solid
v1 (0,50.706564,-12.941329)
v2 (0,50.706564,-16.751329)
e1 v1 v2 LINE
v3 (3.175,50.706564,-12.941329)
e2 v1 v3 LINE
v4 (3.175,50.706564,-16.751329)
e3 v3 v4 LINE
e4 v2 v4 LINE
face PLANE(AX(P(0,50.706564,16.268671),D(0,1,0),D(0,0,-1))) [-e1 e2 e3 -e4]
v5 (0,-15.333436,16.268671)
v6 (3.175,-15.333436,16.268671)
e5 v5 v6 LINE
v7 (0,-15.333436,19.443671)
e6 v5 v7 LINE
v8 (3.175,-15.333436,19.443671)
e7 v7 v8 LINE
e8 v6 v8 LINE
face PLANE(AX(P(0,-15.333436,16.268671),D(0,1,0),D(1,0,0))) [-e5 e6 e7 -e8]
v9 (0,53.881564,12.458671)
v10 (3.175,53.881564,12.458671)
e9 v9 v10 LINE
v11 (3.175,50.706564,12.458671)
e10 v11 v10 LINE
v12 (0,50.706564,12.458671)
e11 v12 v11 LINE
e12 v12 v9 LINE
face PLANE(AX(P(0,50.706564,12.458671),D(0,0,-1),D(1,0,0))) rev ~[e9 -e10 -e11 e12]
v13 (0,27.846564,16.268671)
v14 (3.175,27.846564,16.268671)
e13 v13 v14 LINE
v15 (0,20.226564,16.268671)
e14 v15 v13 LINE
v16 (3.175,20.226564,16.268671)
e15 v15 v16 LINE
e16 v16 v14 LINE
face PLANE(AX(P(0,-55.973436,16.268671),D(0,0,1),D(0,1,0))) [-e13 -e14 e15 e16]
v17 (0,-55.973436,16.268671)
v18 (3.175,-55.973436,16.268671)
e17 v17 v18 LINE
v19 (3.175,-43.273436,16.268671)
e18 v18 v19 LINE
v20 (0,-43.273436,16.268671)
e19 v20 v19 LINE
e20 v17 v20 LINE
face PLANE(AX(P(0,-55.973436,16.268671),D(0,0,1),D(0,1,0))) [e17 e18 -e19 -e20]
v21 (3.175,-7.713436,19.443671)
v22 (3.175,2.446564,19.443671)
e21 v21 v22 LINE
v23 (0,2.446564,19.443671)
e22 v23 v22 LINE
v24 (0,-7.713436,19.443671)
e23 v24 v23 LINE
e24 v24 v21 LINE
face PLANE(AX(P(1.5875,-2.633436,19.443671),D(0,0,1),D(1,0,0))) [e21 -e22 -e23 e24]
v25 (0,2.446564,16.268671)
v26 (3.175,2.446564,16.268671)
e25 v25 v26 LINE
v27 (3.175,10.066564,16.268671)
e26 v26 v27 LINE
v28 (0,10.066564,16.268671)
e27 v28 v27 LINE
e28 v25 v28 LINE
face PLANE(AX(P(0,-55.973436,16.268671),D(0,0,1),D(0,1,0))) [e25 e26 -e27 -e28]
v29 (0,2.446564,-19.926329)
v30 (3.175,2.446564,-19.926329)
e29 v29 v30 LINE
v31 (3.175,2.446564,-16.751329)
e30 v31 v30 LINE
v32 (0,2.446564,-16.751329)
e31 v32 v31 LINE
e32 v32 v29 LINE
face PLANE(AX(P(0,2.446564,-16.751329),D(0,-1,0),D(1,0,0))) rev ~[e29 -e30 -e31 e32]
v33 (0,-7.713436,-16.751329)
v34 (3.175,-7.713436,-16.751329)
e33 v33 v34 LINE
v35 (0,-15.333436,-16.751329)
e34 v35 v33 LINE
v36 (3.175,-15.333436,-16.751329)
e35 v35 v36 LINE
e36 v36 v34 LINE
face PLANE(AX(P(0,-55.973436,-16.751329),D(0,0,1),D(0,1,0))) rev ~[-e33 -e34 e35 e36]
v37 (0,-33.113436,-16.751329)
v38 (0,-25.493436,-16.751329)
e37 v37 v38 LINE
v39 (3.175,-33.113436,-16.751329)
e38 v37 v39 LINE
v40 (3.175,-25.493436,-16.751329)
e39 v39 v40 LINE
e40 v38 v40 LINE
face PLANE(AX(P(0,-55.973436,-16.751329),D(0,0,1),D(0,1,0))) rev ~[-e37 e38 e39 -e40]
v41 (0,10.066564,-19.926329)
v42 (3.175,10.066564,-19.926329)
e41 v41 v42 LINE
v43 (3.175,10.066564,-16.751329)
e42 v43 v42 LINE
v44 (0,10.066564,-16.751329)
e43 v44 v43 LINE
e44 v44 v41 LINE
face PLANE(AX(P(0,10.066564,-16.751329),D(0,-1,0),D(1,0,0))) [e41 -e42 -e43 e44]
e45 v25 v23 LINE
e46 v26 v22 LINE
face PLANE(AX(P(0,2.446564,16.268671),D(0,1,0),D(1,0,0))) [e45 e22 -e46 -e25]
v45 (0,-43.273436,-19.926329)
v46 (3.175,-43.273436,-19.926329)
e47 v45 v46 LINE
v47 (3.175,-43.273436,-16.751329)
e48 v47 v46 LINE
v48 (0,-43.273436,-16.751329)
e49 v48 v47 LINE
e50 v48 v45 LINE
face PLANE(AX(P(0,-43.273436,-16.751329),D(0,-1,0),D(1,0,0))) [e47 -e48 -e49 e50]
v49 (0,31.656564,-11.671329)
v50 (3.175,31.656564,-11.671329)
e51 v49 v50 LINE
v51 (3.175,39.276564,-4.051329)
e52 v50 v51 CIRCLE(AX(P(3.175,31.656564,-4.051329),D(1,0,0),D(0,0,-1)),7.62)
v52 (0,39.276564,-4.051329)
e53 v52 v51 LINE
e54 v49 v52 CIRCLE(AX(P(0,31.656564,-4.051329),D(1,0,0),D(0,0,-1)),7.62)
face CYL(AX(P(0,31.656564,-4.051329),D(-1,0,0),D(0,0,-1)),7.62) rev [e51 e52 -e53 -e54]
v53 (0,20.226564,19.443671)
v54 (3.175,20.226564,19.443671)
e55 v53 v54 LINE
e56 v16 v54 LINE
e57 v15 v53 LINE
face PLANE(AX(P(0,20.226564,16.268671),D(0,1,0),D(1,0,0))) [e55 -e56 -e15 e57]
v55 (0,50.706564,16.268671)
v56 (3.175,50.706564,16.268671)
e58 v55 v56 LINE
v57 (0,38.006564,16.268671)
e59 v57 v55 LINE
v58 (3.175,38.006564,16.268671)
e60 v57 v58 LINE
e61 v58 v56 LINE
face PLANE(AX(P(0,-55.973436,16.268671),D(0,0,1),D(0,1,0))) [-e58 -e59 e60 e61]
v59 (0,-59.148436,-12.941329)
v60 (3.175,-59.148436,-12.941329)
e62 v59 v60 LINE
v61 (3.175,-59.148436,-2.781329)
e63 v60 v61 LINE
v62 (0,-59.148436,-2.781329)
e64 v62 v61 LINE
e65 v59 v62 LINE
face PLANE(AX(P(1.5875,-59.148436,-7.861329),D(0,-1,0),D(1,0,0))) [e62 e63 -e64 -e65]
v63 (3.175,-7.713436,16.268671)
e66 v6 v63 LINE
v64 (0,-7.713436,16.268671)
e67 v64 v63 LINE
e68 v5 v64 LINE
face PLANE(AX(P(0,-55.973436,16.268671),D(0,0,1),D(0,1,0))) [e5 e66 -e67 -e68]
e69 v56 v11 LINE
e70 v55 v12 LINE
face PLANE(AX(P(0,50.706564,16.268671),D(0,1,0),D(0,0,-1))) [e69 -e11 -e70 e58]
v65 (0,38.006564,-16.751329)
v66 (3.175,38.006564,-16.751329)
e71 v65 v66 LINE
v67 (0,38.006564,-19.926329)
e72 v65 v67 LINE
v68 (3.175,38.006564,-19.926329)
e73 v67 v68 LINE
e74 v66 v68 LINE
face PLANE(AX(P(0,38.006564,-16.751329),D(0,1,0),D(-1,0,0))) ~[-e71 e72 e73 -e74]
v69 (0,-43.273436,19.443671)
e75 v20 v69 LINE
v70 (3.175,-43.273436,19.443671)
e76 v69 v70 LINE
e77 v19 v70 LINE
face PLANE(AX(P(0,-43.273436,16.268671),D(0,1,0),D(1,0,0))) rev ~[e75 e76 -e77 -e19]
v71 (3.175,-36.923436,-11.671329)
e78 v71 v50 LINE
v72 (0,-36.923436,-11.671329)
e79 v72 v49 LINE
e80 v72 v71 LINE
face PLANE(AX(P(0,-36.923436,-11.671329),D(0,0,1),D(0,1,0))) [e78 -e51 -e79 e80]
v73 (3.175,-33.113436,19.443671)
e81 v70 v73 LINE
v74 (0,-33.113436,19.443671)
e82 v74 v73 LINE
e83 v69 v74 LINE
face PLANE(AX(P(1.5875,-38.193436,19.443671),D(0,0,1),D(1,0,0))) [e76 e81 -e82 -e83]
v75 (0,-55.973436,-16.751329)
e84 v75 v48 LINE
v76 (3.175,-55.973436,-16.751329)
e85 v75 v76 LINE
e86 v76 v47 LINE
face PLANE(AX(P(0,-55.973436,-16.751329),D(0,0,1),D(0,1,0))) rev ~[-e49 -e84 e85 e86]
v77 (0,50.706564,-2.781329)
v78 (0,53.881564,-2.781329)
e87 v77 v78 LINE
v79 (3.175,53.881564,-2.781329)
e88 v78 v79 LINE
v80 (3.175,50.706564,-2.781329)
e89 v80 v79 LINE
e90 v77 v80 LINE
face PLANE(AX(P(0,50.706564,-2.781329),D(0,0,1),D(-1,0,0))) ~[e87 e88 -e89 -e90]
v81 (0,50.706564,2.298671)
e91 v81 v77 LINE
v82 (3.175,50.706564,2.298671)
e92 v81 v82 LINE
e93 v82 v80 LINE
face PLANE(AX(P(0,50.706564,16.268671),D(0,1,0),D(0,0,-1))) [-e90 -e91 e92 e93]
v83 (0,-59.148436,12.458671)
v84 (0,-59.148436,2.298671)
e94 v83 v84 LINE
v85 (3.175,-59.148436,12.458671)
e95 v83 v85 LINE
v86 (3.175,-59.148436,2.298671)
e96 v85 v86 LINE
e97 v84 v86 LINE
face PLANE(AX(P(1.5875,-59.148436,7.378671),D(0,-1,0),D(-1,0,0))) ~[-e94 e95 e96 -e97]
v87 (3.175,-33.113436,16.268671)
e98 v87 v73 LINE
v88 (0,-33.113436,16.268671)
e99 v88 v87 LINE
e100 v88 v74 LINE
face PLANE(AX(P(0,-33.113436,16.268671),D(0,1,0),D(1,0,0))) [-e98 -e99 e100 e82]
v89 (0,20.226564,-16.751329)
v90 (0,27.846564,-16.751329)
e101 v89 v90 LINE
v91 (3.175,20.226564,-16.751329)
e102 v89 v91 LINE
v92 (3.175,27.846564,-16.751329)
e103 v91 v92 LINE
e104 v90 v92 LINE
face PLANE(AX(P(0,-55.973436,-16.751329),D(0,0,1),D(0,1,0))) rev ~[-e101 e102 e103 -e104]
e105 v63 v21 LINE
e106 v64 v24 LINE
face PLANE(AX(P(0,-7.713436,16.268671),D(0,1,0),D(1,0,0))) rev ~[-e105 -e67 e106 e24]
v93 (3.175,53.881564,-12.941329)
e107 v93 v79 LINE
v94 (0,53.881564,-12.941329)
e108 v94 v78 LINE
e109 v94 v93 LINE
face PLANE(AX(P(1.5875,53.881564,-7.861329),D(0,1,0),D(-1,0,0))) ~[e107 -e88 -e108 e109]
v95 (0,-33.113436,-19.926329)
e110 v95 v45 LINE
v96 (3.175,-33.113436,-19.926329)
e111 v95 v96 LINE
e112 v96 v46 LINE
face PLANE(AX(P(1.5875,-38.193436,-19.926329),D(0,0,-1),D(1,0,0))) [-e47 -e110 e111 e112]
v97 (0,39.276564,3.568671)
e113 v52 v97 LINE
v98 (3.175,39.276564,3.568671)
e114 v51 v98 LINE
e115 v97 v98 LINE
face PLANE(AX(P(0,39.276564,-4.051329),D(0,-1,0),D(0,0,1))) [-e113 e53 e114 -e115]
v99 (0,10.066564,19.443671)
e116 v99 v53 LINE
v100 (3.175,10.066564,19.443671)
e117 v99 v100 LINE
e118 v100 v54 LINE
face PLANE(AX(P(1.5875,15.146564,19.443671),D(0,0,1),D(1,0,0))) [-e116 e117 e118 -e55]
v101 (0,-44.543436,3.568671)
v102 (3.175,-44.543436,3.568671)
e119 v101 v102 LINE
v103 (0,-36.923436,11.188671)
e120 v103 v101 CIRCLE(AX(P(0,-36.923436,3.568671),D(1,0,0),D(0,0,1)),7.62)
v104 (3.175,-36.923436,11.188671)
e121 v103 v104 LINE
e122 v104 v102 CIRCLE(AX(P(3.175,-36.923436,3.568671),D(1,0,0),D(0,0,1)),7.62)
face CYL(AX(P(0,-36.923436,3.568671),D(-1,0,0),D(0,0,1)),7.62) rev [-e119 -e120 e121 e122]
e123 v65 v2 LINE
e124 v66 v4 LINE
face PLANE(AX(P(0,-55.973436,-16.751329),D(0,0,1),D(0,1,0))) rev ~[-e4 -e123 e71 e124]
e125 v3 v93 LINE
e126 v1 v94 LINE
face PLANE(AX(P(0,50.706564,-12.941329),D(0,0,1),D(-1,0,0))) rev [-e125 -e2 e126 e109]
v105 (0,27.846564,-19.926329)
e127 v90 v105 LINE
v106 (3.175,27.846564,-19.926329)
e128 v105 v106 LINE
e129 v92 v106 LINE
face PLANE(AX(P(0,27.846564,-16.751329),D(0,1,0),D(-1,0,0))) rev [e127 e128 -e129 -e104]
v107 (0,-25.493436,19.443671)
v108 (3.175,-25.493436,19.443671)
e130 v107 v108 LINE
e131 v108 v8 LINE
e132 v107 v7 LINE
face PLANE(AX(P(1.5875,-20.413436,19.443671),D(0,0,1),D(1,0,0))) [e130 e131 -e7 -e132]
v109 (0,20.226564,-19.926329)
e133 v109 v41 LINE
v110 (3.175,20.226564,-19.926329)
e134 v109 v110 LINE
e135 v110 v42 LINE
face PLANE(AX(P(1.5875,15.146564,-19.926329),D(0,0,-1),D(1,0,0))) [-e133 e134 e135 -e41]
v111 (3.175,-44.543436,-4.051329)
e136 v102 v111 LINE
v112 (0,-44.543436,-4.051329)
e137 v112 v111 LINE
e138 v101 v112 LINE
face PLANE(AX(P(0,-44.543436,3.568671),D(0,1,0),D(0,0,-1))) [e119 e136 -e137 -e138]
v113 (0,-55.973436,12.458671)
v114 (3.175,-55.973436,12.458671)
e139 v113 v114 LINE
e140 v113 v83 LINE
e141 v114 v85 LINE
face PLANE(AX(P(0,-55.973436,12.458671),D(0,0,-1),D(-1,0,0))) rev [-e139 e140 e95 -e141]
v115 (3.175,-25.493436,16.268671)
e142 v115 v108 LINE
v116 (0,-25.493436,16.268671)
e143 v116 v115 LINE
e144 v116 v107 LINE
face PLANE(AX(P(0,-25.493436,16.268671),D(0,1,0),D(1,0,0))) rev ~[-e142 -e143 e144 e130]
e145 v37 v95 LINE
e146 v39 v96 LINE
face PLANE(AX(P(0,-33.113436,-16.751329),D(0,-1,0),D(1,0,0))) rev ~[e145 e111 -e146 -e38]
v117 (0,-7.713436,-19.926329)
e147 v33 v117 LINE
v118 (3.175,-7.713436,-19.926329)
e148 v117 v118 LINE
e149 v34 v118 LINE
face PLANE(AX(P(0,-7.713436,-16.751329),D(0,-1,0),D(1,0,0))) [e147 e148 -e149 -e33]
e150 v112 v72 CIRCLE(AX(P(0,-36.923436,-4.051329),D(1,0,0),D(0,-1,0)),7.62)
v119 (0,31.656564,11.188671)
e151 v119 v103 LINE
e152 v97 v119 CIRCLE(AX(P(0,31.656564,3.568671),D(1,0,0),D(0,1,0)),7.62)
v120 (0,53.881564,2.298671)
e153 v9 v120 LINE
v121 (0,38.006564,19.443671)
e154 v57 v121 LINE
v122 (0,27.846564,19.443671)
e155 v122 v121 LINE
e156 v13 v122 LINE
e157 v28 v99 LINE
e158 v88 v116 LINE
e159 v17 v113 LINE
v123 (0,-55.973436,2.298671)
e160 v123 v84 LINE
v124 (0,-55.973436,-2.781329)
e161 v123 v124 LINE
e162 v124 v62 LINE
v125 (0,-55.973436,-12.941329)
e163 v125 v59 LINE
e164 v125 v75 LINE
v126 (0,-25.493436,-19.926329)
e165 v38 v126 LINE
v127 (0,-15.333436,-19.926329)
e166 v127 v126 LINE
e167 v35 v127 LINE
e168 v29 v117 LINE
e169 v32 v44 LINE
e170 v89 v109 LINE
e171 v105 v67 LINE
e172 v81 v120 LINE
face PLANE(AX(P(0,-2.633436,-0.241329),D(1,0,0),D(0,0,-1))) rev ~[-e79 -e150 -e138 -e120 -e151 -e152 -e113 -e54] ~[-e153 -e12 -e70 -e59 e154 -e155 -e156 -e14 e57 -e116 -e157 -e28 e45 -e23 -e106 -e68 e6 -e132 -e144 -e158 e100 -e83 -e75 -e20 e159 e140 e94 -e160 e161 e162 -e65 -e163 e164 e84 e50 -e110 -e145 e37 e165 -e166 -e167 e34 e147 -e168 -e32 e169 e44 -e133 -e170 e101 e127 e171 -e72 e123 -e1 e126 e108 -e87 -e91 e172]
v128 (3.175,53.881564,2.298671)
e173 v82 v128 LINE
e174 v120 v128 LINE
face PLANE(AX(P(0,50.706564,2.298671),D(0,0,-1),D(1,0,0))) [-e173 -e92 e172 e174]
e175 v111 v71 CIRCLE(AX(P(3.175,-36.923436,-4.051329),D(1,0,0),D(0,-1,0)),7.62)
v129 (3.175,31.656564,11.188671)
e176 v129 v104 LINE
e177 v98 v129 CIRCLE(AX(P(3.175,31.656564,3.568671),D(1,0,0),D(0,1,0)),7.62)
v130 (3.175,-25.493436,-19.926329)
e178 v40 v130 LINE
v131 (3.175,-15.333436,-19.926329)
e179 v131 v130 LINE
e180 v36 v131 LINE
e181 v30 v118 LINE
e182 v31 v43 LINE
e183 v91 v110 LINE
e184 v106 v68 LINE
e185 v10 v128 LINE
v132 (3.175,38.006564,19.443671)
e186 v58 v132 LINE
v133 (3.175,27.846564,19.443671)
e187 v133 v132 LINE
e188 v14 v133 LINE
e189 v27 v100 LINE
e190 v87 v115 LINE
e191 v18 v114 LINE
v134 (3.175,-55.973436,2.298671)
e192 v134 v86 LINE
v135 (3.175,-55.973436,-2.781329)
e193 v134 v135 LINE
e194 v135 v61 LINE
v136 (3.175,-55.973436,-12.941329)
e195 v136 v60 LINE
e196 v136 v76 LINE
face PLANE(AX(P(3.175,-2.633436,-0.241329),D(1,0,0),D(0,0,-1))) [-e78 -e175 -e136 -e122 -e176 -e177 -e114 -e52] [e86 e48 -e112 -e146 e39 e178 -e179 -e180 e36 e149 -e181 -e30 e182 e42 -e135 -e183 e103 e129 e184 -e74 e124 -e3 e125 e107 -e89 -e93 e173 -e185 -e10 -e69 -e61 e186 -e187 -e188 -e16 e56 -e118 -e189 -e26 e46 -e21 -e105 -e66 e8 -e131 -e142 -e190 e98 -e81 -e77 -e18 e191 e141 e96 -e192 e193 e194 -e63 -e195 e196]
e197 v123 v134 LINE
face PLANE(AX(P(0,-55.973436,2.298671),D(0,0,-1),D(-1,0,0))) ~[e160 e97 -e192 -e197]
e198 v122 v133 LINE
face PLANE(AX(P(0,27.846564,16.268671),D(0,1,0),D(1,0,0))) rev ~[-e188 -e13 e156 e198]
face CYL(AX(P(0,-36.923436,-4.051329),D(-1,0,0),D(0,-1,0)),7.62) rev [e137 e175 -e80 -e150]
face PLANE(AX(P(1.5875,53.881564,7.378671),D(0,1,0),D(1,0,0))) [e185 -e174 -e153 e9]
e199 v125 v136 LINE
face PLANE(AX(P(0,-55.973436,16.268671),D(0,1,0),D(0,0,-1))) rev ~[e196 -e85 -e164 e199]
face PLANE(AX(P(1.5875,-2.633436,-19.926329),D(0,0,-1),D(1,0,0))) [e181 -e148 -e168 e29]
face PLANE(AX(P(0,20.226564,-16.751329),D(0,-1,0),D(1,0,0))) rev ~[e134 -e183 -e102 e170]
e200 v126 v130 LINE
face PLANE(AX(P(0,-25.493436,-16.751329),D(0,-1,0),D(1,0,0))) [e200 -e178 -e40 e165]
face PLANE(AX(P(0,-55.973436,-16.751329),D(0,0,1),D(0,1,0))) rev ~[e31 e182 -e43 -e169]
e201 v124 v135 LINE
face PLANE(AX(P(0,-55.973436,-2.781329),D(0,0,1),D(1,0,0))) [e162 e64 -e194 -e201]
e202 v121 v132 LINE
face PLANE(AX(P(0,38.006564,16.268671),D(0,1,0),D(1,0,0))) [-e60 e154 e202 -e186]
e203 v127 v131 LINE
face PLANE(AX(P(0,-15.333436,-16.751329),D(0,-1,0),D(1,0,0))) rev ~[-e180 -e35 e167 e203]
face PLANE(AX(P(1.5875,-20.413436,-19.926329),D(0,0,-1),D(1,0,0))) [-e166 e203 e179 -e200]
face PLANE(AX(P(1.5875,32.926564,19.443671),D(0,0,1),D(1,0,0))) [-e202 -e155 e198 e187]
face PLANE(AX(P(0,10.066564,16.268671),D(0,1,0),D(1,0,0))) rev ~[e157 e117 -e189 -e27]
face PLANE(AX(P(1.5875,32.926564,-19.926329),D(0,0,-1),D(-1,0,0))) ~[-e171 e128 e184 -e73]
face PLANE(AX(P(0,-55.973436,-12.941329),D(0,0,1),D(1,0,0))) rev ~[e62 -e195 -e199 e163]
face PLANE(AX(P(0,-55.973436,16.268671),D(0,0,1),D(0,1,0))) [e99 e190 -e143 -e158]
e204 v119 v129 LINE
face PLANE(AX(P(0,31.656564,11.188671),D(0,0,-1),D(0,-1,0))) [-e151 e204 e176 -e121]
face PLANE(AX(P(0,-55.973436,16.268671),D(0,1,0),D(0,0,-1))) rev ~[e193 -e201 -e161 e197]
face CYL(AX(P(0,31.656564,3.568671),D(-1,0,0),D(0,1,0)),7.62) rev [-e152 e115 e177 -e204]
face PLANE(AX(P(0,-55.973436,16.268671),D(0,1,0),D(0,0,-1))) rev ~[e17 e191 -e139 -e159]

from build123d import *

# Parameters (mm, degrees)
SKETCH1_W               = 33.02
SKETCH1_H               = 106.68
BOSS_EXTRUDE1_DEPTH     = 3.175
SKETCH3_W               = 3.175
SKETCH3_H               = 10.16
BOSS_EXTRUDE2_DEPTH     = 3.175
LPATTERN1_COUNT         = 5
LPATTERN1_PITCH         = 17.78
MIRROR1_COPY_1_SKETCH_W = 3.175
MIRROR1_COPY_1_SKETCH_H = 10.16
MIRROR1_COPY_1_DEPTH    = 3.175
MIRROR1_COPY_2_SKETCH_W = 3.175
MIRROR1_COPY_2_SKETCH_H = 10.16
MIRROR1_COPY_2_DEPTH    = 3.175
MIRROR1_COPY_3_SKETCH_W = 3.175
MIRROR1_COPY_3_SKETCH_H = 10.16
MIRROR1_COPY_3_DEPTH    = 3.175
MIRROR1_COPY_4_SKETCH_W = 3.175
MIRROR1_COPY_4_SKETCH_H = 10.16
MIRROR1_COPY_4_DEPTH    = 3.175
SKETCH4_W               = 3.175
SKETCH4_H               = 10.16
BOSS_EXTRUDE3_DEPTH     = 3.175
MIRROR3_COPY_1_SKETCH_W = 3.175
MIRROR3_COPY_1_SKETCH_H = 10.16
MIRROR3_COPY_1_DEPTH    = 3.175


with BuildPart() as part:
    # Sketch1 → Boss-Extrude1 (new body)
    with BuildSketch(Plane(origin=(0, 0, 0), x_dir=(0, 0, -1), z_dir=(1, 0, 0))):
        with Locations((0.241329403, -2.63343568)):
            Rectangle(SKETCH1_W, SKETCH1_H)
        with BuildLine():
            Line((4.051329403, 39.27656432), (-3.568670597, 39.27656432))
            ThreePointArc((-3.568670597, 39.27656432), (-8.95682427, 37.044717993), (-11.188670597, 31.65656432))
            Line((-11.188670597, 31.65656432), (-11.188670597, -36.92343568))
            ThreePointArc((-11.188670597, -36.92343568), (-8.95682427, -42.311589352), (-3.568670597, -44.54343568))
            Line((-3.568670597, -44.54343568), (4.051329403, -44.54343568))
            ThreePointArc((4.051329403, -44.54343568), (9.439483075, -42.311589352), (11.671329403, -36.92343568))
            Line((11.671329403, -36.92343568), (11.671329403, 31.65656432))
            ThreePointArc((11.671329403, 31.65656432), (9.439483075, 37.044717993), (4.051329403, 39.27656432))
        make_face(mode=Mode.SUBTRACT)
    extrude(amount=BOSS_EXTRUDE1_DEPTH)

    # Sketch3 → Boss-Extrude2 (add)
    with BuildSketch(Plane.XY.offset(16.268670597)):
        with Locations((1.5875, 32.92656432)):
            Rectangle(SKETCH3_W, SKETCH3_H)
    boss_extrude2 = extrude(amount=BOSS_EXTRUDE2_DEPTH)

    # LPattern1: Boss-Extrude2 ×5
    with Locations(*[(0, -i * LPATTERN1_PITCH, 0) for i in range(1, LPATTERN1_COUNT)]):
        add(boss_extrude2)

    # Mirror1: Boss-Extrude2 across plane
    add(boss_extrude2.mirror(Plane(origin=(0, 0, -0.241329403), x_dir=(1, 0, 0), z_dir=(0, 0, -1))))

    # Mirror1 copy 1 sketch → Mirror1 copy 1 (add)
    with BuildSketch(Plane(origin=(0, -17.78, -16.751329403), x_dir=(1, 0, 0), z_dir=(0, 0, -1))):
        with Locations((1.5875, -32.92656432)):
            Rectangle(MIRROR1_COPY_1_SKETCH_W, MIRROR1_COPY_1_SKETCH_H)
    extrude(amount=MIRROR1_COPY_1_DEPTH)

    # Mirror1 copy 2 sketch → Mirror1 copy 2 (add)
    with BuildSketch(Plane(origin=(0, -35.56, -16.751329403), x_dir=(1, 0, 0), z_dir=(0, 0, -1))):
        with Locations((1.5875, -32.92656432)):
            Rectangle(MIRROR1_COPY_2_SKETCH_W, MIRROR1_COPY_2_SKETCH_H)
    extrude(amount=MIRROR1_COPY_2_DEPTH)

    # Mirror1 copy 3 sketch → Mirror1 copy 3 (add)
    with BuildSketch(Plane(origin=(0, -53.34, -16.751329403), x_dir=(1, 0, 0), z_dir=(0, 0, -1))):
        with Locations((1.5875, -32.92656432)):
            Rectangle(MIRROR1_COPY_3_SKETCH_W, MIRROR1_COPY_3_SKETCH_H)
    extrude(amount=MIRROR1_COPY_3_DEPTH)

    # Mirror1 copy 4 sketch → Mirror1 copy 4 (add)
    with BuildSketch(Plane(origin=(0, -71.12, -16.751329403), x_dir=(1, 0, 0), z_dir=(0, 0, -1))):
        with Locations((1.5875, -32.92656432)):
            Rectangle(MIRROR1_COPY_4_SKETCH_W, MIRROR1_COPY_4_SKETCH_H)
    extrude(amount=MIRROR1_COPY_4_DEPTH)

    # Sketch4 → Boss-Extrude3 (add)
    with BuildSketch(Plane(origin=(0, 50.70656432, 0), x_dir=(1, 0, 0), z_dir=(0, 1, 0))):
        with Locations((1.5875, -7.378670597)):
            Rectangle(SKETCH4_W, SKETCH4_H)
    boss_extrude3 = extrude(amount=BOSS_EXTRUDE3_DEPTH)

    # Mirror2: Boss-Extrude3 across plane
    add(boss_extrude3.mirror(Plane(origin=(0, 0, -0.241329403), x_dir=(1, 0, 0), z_dir=(0, 0, -1))))

    # Mirror3: Boss-Extrude3 across plane
    add(boss_extrude3.mirror(Plane.ZX.offset(-2.63343568)))

    # Mirror3 copy 1 sketch → Mirror3 copy 1 (add)
    with BuildSketch(Plane(origin=(0, -55.97343568, -0.482658805), x_dir=(1, 0, 0), z_dir=(0, -1, 0))):
        with Locations((1.5875, -7.378670597)):
            Rectangle(MIRROR3_COPY_1_SKETCH_W, MIRROR3_COPY_1_SKETCH_H)
    extrude(amount=MIRROR3_COPY_1_DEPTH)


solid = part.part
